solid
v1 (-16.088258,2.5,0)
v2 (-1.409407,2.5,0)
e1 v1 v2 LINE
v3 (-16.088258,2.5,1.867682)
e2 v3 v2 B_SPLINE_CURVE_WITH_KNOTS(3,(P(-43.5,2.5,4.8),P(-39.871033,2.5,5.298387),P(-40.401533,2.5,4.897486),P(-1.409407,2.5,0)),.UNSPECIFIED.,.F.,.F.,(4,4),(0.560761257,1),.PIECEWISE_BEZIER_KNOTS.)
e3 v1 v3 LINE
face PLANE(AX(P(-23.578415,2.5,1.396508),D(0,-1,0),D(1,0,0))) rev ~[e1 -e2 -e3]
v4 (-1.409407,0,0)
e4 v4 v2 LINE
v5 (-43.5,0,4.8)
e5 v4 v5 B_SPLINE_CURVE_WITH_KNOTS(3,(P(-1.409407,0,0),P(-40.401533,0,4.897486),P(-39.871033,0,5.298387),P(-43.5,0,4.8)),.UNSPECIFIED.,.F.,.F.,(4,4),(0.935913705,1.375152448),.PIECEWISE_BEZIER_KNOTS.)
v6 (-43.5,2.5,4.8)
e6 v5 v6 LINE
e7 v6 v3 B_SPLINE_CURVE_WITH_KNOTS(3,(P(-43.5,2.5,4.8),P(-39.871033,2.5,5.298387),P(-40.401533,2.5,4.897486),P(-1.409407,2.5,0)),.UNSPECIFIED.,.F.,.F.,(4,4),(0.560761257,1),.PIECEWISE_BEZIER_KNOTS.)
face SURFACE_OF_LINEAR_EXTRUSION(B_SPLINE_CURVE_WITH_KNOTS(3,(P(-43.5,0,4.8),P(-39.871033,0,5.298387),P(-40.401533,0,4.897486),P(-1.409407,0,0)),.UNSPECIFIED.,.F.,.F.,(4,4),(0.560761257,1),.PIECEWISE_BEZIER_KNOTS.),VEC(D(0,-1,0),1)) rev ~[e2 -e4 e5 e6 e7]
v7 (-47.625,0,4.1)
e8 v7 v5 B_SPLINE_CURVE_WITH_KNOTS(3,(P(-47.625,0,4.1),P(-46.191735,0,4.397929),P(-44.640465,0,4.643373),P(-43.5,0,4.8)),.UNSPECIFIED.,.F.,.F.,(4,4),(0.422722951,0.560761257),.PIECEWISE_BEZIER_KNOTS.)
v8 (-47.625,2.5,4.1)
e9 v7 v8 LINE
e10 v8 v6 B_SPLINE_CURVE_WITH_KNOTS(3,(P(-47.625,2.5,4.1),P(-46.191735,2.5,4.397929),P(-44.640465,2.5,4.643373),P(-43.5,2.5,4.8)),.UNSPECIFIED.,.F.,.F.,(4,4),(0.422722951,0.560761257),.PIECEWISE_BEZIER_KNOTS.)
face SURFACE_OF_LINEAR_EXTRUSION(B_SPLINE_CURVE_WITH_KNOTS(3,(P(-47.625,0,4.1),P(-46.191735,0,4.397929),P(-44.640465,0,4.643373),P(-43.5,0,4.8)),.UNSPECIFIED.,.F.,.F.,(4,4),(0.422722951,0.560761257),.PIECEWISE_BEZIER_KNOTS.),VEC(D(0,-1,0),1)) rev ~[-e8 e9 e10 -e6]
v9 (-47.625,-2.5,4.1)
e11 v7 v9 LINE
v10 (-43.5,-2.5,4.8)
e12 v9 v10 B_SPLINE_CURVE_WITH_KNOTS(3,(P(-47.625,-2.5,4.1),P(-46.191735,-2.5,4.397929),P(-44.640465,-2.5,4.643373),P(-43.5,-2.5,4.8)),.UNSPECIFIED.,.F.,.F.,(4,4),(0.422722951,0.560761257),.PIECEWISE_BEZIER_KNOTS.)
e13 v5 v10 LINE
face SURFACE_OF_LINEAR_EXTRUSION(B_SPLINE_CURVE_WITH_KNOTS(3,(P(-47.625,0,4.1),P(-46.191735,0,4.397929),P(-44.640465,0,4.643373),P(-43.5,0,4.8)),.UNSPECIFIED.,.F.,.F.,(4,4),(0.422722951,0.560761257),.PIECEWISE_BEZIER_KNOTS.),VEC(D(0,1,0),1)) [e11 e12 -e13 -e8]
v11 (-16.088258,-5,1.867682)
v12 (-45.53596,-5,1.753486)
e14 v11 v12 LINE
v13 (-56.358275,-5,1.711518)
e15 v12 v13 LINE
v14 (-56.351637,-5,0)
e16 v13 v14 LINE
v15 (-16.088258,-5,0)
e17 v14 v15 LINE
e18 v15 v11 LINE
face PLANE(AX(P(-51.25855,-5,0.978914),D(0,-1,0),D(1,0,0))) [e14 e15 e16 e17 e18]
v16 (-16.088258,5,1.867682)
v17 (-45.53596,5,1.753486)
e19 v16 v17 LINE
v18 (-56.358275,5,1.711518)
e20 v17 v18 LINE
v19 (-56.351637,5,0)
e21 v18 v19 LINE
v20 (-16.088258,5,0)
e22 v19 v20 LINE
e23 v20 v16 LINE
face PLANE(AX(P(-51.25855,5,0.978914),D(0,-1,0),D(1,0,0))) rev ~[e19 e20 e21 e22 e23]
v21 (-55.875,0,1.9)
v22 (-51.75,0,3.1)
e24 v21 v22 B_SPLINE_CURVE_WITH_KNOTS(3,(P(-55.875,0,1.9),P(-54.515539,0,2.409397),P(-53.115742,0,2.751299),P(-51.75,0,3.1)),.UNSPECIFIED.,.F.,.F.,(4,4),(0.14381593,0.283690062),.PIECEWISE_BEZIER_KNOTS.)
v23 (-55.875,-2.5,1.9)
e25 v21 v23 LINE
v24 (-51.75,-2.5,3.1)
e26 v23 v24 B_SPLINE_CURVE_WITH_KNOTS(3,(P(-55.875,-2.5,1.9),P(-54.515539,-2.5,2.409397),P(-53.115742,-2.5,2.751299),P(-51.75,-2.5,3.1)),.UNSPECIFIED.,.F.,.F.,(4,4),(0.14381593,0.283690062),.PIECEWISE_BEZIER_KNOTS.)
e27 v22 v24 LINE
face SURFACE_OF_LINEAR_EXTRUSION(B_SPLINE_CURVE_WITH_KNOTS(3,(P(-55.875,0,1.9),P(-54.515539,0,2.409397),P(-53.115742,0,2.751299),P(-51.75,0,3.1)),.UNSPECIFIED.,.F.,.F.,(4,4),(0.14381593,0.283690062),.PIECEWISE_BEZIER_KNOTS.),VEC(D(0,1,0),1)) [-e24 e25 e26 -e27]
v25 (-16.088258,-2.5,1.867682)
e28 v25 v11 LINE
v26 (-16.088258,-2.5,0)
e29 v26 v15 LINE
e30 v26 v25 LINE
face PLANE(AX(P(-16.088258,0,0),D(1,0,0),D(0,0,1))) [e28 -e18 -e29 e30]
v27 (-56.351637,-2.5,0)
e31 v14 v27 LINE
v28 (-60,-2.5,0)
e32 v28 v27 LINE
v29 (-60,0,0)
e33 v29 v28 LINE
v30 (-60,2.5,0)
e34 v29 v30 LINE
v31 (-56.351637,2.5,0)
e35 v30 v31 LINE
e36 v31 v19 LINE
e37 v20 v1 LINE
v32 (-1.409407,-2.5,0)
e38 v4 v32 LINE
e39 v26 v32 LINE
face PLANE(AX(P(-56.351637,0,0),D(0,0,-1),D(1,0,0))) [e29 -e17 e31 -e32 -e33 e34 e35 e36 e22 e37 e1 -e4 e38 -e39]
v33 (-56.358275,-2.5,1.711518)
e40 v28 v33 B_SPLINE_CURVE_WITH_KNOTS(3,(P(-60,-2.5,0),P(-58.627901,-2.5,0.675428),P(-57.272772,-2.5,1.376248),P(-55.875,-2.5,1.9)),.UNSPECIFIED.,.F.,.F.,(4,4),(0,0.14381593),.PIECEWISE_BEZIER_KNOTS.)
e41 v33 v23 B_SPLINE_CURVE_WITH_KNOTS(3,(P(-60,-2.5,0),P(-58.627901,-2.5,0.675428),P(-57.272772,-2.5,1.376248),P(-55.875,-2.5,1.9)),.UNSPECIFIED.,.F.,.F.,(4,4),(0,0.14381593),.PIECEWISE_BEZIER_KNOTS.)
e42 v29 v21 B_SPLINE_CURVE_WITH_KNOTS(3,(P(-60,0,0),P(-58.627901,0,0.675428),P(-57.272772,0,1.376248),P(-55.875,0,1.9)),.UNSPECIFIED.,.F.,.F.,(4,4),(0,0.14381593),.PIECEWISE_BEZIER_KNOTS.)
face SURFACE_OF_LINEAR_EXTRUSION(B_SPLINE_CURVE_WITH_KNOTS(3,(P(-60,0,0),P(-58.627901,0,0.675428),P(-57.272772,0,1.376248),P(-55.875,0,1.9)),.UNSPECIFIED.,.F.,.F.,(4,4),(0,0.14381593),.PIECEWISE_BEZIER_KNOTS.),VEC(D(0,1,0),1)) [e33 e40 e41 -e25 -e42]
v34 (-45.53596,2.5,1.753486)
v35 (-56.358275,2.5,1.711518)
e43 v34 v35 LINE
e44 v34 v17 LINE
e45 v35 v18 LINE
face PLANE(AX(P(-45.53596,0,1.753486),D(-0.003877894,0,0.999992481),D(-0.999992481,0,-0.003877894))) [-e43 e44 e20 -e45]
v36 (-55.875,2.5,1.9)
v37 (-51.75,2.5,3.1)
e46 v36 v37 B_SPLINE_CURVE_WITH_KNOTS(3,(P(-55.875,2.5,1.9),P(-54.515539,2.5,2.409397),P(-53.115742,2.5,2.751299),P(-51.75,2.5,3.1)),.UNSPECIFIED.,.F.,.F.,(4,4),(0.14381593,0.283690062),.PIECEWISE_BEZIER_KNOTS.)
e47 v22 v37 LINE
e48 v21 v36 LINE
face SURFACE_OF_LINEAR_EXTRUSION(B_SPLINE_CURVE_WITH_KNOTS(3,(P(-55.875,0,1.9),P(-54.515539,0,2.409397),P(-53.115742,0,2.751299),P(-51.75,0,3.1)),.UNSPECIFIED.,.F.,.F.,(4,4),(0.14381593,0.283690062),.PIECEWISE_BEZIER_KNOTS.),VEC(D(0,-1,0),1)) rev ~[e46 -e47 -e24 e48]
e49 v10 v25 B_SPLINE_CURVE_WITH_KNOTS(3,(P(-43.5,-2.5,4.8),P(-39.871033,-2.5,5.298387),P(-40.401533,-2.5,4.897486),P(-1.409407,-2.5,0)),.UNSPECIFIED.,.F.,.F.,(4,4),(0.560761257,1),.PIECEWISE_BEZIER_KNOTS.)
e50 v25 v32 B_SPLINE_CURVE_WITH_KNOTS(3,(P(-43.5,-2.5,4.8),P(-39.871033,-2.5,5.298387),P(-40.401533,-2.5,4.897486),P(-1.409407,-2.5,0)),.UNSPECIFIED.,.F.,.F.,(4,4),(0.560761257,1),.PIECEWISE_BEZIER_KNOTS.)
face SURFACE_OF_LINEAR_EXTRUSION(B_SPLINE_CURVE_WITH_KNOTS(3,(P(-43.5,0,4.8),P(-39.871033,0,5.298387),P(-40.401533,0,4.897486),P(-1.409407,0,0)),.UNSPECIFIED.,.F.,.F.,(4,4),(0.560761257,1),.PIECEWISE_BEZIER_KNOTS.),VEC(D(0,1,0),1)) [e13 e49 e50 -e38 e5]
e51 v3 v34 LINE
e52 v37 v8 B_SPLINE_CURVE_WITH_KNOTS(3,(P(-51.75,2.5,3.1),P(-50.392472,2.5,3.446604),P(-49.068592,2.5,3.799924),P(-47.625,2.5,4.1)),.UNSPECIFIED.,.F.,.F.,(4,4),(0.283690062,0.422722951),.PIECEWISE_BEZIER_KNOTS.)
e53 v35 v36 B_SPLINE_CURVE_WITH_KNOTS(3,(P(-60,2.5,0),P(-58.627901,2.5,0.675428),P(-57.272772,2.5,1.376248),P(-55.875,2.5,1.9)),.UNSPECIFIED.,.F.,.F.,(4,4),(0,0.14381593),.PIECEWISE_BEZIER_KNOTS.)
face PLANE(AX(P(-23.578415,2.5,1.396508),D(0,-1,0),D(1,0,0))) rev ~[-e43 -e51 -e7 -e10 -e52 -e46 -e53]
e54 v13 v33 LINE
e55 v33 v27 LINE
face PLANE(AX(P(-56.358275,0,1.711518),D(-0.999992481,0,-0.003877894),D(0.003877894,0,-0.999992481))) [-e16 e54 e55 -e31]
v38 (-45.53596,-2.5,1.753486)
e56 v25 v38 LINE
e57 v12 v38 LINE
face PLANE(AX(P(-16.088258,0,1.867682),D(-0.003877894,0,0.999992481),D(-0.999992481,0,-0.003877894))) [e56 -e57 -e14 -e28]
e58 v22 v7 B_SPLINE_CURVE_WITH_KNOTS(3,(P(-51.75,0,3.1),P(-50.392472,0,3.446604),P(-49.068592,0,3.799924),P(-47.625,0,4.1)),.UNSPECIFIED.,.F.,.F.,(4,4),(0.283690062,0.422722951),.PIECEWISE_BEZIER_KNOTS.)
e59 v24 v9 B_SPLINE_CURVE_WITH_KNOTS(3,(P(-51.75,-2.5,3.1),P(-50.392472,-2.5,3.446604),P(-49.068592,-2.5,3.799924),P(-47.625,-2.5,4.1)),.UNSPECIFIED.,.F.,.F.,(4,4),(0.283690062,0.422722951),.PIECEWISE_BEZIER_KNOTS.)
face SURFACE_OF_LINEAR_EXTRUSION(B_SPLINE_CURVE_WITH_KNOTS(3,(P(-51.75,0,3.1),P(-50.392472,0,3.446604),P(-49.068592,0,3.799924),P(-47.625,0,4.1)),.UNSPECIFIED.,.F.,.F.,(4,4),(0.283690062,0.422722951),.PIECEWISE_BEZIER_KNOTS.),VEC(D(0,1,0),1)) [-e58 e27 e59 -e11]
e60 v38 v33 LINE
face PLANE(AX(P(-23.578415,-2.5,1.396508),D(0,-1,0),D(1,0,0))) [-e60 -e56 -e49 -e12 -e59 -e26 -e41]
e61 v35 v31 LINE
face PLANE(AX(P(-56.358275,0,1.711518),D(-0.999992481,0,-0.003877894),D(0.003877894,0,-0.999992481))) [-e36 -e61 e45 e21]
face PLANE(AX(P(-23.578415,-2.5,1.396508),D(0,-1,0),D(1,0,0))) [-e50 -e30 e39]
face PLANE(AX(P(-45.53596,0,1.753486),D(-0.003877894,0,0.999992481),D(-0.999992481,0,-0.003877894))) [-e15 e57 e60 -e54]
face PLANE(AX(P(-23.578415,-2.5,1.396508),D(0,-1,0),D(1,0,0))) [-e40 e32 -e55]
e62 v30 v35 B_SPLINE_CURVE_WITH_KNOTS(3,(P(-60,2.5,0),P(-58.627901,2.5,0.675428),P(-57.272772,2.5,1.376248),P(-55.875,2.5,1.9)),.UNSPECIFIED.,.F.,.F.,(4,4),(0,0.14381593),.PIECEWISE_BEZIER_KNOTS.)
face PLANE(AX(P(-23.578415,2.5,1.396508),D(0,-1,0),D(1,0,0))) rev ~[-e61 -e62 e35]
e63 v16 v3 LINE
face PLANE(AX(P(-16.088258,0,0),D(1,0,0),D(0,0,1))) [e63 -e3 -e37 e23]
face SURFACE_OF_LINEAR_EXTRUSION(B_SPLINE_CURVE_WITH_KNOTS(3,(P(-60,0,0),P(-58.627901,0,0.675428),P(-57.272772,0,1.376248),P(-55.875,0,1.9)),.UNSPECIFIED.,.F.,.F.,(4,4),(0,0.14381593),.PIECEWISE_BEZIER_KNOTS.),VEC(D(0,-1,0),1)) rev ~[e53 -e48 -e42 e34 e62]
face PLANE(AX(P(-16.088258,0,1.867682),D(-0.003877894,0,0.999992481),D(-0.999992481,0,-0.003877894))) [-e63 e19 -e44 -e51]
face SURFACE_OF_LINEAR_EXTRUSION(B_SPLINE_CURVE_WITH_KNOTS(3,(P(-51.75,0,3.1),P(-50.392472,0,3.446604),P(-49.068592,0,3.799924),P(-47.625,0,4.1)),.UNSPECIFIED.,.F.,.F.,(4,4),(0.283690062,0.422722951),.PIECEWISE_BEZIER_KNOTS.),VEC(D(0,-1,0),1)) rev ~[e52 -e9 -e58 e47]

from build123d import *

# Parameters (mm, degrees)
F1_DEPTH = 2.5
F3_DEPTH = 5


with BuildPart() as f1:
    # F0 (on Front) → F1 (new body, symmetric)
    with BuildSketch(Plane.XZ):
        with BuildLine():
            Line((-43.5, 0), (-1.4094070066, 0))
            add(Edge.make_bspline(
                [(-43.5, 4.8), (-39.8710331933, 5.2983873013), (-40.401533246, 4.8974864185), (-1.4094070066, 0)],
                knots=[0.5607612566, 0.5607612566, 0.5607612566, 0.5607612566, 1, 1, 1, 1], degree=3))
            Line((-43.5, 4.8), (-43.5, 0))
        make_face()
        with BuildLine():
            Line((-47.625, 0), (-43.5, 0))
            Line((-43.5, 0), (-43.5, 4.8))
            add(Edge.make_bspline(
                [(-47.625, 4.1), (-46.191734982, 4.3979293395), (-44.6404650354, 4.643373246), (-43.5, 4.8)],
                knots=[0.422722951, 0.422722951, 0.422722951, 0.422722951, 0.5607612566, 0.5607612566, 0.5607612566, 0.5607612566], degree=3))
            Line((-47.625, 4.1), (-47.625, 0))
        make_face()
        with BuildLine():
            Line((-51.75, 0), (-47.625, 0))
            Line((-47.625, 0), (-47.625, 4.1))
            add(Edge.make_bspline(
                [(-51.75, 3.1), (-50.3924722152, 3.446603597), (-49.0685918755, 3.7999240416), (-47.625, 4.1)],
                knots=[0.2836900617, 0.2836900617, 0.2836900617, 0.2836900617, 0.422722951, 0.422722951, 0.422722951, 0.422722951], degree=3))
            Line((-51.75, 3.1), (-51.75, 0))
        make_face()
        with BuildLine():
            Line((-60, 0), (-55.875, 0))
            Line((-55.875, 0), (-55.875, 1.9))
            add(Edge.make_bspline(
                [(-60, 0), (-58.6279008986, 0.6754279552), (-57.2727716722, 1.3762478568), (-55.875, 1.9)],
                knots=[0, 0, 0, 0, 0.14381593, 0.14381593, 0.14381593, 0.14381593], degree=3))
        make_face()
        with BuildLine():
            Line((-55.875, 0), (-51.75, 0))
            Line((-51.75, 0), (-51.75, 3.1))
            add(Edge.make_bspline(
                [(-55.875, 1.9), (-54.5155393398, 2.4093968124), (-53.1157417417, 2.751299218), (-51.75, 3.1)],
                knots=[0.14381593, 0.14381593, 0.14381593, 0.14381593, 0.2836900617, 0.2836900617, 0.2836900617, 0.2836900617], degree=3))
            Line((-55.875, 1.9), (-55.875, 0))
        make_face()
    extrude(amount=F1_DEPTH, both=True)

    # F2 (on Front) → F3 (join, symmetric)
    with BuildSketch(Plane.XZ):
        with BuildLine():
            Line((-56.3516374265, 0), (-48.6134569347, 0))
            add(Edge.make_bspline(
                [(-45.5359602044, 1.7534863618), (-46.4926973174, 1.2011188271), (-47.5249209999, 0.6140901608), (-48.6134569347, 0)],
                knots=[25.5941661656, 25.5941661656, 25.5941661656, 25.5941661656, 27.1611911657, 27.1611911657, 27.1611911657, 27.1611911657], degree=3))
            Line((-45.5359602044, 1.7534863618), (-56.3582745625, 1.7115182598))
            Line((-56.3582745625, 1.7115182598), (-56.3516374265, 0))
        make_face()
        with BuildLine():
            Line((-48.6134569347, 0), (-16.0882583667, 0))
            Line((-16.0882583667, 0), (-16.0882583667, 1.8676822825))
            Line((-16.0882583667, 1.8676822825), (-45.5359602044, 1.7534863618))
            add(Edge.make_bspline(
                [(-45.5359602044, 1.7534863618), (-46.4926973174, 1.2011188271), (-47.5249209999, 0.6140901608), (-48.6134569347, 0)],
                knots=[25.5941661656, 25.5941661656, 25.5941661656, 25.5941661656, 27.1611911657, 27.1611911657, 27.1611911657, 27.1611911657], degree=3))
        make_face()
    extrude(amount=F3_DEPTH, both=True)


solid = f1.part
